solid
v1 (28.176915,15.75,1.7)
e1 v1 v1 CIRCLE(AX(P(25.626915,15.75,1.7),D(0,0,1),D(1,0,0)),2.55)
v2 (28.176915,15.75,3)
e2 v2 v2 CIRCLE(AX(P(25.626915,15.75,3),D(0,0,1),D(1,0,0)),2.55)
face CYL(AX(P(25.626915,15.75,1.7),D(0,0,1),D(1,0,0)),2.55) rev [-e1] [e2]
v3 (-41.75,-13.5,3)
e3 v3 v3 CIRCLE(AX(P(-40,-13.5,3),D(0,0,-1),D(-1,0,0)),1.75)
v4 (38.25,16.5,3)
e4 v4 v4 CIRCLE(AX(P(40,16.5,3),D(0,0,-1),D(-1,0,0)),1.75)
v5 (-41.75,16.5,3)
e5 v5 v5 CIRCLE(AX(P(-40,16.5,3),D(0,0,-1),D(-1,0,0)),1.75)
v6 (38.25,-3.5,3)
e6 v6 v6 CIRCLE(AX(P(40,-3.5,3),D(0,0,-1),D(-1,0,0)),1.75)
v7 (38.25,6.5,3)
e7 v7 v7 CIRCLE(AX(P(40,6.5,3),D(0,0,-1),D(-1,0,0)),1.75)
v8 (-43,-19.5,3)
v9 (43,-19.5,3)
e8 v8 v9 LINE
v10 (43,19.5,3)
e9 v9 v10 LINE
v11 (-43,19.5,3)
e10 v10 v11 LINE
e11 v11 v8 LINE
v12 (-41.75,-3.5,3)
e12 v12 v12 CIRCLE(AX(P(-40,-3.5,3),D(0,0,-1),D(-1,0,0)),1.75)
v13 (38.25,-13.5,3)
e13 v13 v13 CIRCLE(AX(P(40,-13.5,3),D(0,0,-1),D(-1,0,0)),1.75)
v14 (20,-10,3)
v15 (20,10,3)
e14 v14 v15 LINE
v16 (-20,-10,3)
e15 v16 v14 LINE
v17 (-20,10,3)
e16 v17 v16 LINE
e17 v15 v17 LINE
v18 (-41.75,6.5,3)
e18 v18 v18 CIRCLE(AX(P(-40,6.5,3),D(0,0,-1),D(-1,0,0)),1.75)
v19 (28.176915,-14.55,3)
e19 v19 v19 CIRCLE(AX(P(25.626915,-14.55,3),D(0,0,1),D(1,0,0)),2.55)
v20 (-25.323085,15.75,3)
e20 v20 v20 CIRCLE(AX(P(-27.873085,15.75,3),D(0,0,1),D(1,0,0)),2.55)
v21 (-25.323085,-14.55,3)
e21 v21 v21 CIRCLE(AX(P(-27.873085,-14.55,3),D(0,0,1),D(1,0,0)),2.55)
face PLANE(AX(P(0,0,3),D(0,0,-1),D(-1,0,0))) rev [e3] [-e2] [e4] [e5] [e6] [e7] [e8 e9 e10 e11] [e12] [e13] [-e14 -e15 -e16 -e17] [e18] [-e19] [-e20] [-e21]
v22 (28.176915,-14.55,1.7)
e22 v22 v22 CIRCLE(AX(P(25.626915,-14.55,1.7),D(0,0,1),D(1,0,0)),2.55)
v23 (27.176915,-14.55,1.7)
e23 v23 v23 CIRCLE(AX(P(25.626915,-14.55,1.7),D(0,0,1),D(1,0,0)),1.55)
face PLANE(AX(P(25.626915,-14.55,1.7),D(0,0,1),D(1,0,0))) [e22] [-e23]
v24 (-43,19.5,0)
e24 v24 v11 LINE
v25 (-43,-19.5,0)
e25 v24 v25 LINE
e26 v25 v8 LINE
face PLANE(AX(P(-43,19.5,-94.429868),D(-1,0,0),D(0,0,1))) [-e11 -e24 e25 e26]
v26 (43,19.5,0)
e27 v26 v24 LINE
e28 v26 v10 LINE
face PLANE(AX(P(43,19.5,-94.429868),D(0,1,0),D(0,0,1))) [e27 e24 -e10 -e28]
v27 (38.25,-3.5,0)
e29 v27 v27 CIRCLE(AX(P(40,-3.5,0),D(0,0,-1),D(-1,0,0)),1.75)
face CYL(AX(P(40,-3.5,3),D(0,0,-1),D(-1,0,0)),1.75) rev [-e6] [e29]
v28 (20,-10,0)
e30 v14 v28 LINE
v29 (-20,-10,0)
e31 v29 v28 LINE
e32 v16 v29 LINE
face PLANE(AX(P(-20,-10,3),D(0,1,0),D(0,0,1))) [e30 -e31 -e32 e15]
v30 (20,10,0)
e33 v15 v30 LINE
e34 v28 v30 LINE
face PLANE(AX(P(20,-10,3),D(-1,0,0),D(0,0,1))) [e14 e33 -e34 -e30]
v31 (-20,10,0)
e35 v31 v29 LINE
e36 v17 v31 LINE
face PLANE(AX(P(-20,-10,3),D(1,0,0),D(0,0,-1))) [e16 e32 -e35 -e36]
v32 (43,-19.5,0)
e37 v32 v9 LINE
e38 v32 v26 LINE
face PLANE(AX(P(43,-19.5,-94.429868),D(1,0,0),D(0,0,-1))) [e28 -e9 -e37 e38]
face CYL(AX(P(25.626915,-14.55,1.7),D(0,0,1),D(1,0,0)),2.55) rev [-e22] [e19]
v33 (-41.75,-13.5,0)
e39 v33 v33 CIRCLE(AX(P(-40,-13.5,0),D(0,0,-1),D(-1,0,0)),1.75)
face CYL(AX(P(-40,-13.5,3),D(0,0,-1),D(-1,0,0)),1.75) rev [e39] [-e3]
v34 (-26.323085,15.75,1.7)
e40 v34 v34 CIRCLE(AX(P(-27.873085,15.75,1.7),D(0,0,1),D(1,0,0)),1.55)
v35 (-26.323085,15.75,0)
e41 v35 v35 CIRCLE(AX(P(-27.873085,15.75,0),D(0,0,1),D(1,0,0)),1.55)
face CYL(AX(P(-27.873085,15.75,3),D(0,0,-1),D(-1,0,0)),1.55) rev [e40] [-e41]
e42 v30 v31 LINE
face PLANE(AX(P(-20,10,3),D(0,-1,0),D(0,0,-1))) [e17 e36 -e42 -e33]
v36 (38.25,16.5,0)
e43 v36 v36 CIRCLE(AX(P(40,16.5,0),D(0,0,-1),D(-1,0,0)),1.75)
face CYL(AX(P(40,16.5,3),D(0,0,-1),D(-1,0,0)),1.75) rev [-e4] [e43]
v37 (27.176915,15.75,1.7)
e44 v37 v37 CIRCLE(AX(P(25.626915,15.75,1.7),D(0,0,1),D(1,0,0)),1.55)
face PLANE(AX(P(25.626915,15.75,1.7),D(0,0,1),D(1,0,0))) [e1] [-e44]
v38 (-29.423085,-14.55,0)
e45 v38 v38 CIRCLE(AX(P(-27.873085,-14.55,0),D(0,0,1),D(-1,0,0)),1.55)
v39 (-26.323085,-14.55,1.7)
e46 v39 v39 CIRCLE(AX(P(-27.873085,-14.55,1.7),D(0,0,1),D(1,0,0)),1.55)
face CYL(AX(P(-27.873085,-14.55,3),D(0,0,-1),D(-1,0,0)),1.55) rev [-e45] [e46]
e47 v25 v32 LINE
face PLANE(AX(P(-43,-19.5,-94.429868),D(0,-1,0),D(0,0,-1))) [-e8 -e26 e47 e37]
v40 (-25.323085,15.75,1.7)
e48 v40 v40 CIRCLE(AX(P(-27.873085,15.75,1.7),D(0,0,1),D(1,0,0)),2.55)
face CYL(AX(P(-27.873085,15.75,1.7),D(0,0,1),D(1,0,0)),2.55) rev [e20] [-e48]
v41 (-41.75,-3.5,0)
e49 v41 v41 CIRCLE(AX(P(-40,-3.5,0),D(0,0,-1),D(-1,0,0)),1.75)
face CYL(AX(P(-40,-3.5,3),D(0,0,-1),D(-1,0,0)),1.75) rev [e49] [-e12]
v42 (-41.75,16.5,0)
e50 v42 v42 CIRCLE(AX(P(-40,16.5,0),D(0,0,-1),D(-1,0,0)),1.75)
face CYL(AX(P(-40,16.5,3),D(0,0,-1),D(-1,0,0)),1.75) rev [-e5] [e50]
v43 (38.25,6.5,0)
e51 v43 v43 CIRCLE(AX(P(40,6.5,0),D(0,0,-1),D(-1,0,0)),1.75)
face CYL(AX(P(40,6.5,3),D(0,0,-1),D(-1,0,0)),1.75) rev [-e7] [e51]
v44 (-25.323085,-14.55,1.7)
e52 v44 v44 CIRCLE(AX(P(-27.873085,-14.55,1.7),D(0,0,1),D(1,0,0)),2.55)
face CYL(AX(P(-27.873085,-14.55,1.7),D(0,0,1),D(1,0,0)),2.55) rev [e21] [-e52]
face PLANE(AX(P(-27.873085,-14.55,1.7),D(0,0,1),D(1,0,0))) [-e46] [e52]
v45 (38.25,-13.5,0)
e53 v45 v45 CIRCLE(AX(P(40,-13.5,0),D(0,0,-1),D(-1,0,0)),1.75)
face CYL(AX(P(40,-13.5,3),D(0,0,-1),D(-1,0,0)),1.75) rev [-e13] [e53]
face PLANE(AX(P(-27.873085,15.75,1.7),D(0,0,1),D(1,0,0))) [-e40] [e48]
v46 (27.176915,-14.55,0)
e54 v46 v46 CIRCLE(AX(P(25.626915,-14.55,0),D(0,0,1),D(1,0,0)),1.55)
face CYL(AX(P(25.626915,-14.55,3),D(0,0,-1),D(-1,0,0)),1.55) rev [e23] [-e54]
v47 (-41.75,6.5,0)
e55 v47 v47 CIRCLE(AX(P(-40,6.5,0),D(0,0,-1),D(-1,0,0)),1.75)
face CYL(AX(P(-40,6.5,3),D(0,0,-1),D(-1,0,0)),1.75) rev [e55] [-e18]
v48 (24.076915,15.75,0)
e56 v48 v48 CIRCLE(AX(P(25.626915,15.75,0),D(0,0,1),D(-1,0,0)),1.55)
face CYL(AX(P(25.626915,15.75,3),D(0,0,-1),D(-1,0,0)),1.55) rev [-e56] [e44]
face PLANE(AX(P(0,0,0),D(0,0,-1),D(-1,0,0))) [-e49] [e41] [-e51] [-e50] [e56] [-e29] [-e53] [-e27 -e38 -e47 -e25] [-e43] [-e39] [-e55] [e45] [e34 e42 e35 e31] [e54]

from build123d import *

# Parameters (mm, degrees)
SKETCH1_W            = 62
SKETCH1_H            = 38
SKETCH1_R            = 1.55
SKETCH1_W_2          = 40
SKETCH1_H_2          = 20
BOSS_EXTRUDE1_DEPTH  = 3
SKETCH3_W            = 86
SKETCH3_H            = 39
SKETCH3_W_2          = 62
SKETCH3_H_2          = 38
BOSS_EXTRUDE2_DEPTH  = 3
SKETCH4_R            = 1.75
CUT_EXTRUDE1_DEPTH   = 3
SKETCH5_R            = 2.55
CUT_EXTRUDE2_DEPTH   = 1.3
LPATTERN2_COUNT      = 4
LPATTERN2_PITCH      = 10
LPATTERN2_COUNT_DIR2 = 9
LPATTERN2_PITCH_DIR2 = 10


with BuildPart() as part:
    # Sketch1 → Boss-Extrude1 (new body)
    with BuildSketch(Plane.XY):
        Rectangle(SKETCH1_W, SKETCH1_H)
        with Locations((-27.873084587, 15.75)):
            Circle(SKETCH1_R, mode=Mode.SUBTRACT)
        with Locations((25.626915413, 15.75)):
            Circle(SKETCH1_R, mode=Mode.SUBTRACT)
        with Locations((-27.873084587, -14.55)):
            Circle(SKETCH1_R, mode=Mode.SUBTRACT)
        with Locations((25.626915413, -14.55)):
            Circle(SKETCH1_R, mode=Mode.SUBTRACT)
        Rectangle(SKETCH1_W_2, SKETCH1_H_2, mode=Mode.SUBTRACT)
    extrude(amount=BOSS_EXTRUDE1_DEPTH)

    # Sketch3 → Boss-Extrude2 (add)
    with BuildSketch(Plane.XY.offset(3)):
        Rectangle(SKETCH3_W, SKETCH3_H)
        Rectangle(SKETCH3_W_2, SKETCH3_H_2, mode=Mode.SUBTRACT)
    extrude(amount=-BOSS_EXTRUDE2_DEPTH)

    # Sketch4 → Cut-Extrude1 (cut)
    with BuildSketch(Plane(origin=(0, 0, 0), x_dir=(-1, 0, 0), z_dir=(0, 0, -1))):
        with Locations((-40, 16.5)):
            Circle(SKETCH4_R)
    cut_extrude1 = extrude(amount=-CUT_EXTRUDE1_DEPTH, mode=Mode.SUBTRACT)

    # Sketch5 → Cut-Extrude2 (cut)
    with BuildSketch(Plane.XY.offset(3)):
        with Locations((-27.873084587, 15.75)):
            Circle(SKETCH5_R)
        with Locations((-27.873084587, -14.55)):
            Circle(SKETCH5_R)
        with Locations((25.626915413, -14.55)):
            Circle(SKETCH5_R)
        with Locations((25.626915413, 15.75)):
            Circle(SKETCH5_R)
    extrude(amount=-CUT_EXTRUDE2_DEPTH, mode=Mode.SUBTRACT)

    # LPattern2: Cut-Extrude1 4 × 9, 28 skipped
    with Locations(*[(-j * LPATTERN2_PITCH_DIR2, -i * LPATTERN2_PITCH, 0) for i in range(LPATTERN2_COUNT) for j in range(LPATTERN2_COUNT_DIR2) if (i, j) not in ((0, 0), (0, 1), (0, 2), (0, 3), (0, 4), (0, 5), (0, 6), (0, 7), (1, 1), (1, 2), (1, 3), (1, 4), (1, 5), (1, 6), (1, 7), (2, 1), (2, 2), (2, 3), (2, 4), (2, 5), (2, 6), (2, 7), (3, 1), (3, 2), (3, 3), (3, 4), (3, 5), (3, 6), (3, 7))]):
        add(cut_extrude1, mode=Mode.SUBTRACT)


solid = part.part
